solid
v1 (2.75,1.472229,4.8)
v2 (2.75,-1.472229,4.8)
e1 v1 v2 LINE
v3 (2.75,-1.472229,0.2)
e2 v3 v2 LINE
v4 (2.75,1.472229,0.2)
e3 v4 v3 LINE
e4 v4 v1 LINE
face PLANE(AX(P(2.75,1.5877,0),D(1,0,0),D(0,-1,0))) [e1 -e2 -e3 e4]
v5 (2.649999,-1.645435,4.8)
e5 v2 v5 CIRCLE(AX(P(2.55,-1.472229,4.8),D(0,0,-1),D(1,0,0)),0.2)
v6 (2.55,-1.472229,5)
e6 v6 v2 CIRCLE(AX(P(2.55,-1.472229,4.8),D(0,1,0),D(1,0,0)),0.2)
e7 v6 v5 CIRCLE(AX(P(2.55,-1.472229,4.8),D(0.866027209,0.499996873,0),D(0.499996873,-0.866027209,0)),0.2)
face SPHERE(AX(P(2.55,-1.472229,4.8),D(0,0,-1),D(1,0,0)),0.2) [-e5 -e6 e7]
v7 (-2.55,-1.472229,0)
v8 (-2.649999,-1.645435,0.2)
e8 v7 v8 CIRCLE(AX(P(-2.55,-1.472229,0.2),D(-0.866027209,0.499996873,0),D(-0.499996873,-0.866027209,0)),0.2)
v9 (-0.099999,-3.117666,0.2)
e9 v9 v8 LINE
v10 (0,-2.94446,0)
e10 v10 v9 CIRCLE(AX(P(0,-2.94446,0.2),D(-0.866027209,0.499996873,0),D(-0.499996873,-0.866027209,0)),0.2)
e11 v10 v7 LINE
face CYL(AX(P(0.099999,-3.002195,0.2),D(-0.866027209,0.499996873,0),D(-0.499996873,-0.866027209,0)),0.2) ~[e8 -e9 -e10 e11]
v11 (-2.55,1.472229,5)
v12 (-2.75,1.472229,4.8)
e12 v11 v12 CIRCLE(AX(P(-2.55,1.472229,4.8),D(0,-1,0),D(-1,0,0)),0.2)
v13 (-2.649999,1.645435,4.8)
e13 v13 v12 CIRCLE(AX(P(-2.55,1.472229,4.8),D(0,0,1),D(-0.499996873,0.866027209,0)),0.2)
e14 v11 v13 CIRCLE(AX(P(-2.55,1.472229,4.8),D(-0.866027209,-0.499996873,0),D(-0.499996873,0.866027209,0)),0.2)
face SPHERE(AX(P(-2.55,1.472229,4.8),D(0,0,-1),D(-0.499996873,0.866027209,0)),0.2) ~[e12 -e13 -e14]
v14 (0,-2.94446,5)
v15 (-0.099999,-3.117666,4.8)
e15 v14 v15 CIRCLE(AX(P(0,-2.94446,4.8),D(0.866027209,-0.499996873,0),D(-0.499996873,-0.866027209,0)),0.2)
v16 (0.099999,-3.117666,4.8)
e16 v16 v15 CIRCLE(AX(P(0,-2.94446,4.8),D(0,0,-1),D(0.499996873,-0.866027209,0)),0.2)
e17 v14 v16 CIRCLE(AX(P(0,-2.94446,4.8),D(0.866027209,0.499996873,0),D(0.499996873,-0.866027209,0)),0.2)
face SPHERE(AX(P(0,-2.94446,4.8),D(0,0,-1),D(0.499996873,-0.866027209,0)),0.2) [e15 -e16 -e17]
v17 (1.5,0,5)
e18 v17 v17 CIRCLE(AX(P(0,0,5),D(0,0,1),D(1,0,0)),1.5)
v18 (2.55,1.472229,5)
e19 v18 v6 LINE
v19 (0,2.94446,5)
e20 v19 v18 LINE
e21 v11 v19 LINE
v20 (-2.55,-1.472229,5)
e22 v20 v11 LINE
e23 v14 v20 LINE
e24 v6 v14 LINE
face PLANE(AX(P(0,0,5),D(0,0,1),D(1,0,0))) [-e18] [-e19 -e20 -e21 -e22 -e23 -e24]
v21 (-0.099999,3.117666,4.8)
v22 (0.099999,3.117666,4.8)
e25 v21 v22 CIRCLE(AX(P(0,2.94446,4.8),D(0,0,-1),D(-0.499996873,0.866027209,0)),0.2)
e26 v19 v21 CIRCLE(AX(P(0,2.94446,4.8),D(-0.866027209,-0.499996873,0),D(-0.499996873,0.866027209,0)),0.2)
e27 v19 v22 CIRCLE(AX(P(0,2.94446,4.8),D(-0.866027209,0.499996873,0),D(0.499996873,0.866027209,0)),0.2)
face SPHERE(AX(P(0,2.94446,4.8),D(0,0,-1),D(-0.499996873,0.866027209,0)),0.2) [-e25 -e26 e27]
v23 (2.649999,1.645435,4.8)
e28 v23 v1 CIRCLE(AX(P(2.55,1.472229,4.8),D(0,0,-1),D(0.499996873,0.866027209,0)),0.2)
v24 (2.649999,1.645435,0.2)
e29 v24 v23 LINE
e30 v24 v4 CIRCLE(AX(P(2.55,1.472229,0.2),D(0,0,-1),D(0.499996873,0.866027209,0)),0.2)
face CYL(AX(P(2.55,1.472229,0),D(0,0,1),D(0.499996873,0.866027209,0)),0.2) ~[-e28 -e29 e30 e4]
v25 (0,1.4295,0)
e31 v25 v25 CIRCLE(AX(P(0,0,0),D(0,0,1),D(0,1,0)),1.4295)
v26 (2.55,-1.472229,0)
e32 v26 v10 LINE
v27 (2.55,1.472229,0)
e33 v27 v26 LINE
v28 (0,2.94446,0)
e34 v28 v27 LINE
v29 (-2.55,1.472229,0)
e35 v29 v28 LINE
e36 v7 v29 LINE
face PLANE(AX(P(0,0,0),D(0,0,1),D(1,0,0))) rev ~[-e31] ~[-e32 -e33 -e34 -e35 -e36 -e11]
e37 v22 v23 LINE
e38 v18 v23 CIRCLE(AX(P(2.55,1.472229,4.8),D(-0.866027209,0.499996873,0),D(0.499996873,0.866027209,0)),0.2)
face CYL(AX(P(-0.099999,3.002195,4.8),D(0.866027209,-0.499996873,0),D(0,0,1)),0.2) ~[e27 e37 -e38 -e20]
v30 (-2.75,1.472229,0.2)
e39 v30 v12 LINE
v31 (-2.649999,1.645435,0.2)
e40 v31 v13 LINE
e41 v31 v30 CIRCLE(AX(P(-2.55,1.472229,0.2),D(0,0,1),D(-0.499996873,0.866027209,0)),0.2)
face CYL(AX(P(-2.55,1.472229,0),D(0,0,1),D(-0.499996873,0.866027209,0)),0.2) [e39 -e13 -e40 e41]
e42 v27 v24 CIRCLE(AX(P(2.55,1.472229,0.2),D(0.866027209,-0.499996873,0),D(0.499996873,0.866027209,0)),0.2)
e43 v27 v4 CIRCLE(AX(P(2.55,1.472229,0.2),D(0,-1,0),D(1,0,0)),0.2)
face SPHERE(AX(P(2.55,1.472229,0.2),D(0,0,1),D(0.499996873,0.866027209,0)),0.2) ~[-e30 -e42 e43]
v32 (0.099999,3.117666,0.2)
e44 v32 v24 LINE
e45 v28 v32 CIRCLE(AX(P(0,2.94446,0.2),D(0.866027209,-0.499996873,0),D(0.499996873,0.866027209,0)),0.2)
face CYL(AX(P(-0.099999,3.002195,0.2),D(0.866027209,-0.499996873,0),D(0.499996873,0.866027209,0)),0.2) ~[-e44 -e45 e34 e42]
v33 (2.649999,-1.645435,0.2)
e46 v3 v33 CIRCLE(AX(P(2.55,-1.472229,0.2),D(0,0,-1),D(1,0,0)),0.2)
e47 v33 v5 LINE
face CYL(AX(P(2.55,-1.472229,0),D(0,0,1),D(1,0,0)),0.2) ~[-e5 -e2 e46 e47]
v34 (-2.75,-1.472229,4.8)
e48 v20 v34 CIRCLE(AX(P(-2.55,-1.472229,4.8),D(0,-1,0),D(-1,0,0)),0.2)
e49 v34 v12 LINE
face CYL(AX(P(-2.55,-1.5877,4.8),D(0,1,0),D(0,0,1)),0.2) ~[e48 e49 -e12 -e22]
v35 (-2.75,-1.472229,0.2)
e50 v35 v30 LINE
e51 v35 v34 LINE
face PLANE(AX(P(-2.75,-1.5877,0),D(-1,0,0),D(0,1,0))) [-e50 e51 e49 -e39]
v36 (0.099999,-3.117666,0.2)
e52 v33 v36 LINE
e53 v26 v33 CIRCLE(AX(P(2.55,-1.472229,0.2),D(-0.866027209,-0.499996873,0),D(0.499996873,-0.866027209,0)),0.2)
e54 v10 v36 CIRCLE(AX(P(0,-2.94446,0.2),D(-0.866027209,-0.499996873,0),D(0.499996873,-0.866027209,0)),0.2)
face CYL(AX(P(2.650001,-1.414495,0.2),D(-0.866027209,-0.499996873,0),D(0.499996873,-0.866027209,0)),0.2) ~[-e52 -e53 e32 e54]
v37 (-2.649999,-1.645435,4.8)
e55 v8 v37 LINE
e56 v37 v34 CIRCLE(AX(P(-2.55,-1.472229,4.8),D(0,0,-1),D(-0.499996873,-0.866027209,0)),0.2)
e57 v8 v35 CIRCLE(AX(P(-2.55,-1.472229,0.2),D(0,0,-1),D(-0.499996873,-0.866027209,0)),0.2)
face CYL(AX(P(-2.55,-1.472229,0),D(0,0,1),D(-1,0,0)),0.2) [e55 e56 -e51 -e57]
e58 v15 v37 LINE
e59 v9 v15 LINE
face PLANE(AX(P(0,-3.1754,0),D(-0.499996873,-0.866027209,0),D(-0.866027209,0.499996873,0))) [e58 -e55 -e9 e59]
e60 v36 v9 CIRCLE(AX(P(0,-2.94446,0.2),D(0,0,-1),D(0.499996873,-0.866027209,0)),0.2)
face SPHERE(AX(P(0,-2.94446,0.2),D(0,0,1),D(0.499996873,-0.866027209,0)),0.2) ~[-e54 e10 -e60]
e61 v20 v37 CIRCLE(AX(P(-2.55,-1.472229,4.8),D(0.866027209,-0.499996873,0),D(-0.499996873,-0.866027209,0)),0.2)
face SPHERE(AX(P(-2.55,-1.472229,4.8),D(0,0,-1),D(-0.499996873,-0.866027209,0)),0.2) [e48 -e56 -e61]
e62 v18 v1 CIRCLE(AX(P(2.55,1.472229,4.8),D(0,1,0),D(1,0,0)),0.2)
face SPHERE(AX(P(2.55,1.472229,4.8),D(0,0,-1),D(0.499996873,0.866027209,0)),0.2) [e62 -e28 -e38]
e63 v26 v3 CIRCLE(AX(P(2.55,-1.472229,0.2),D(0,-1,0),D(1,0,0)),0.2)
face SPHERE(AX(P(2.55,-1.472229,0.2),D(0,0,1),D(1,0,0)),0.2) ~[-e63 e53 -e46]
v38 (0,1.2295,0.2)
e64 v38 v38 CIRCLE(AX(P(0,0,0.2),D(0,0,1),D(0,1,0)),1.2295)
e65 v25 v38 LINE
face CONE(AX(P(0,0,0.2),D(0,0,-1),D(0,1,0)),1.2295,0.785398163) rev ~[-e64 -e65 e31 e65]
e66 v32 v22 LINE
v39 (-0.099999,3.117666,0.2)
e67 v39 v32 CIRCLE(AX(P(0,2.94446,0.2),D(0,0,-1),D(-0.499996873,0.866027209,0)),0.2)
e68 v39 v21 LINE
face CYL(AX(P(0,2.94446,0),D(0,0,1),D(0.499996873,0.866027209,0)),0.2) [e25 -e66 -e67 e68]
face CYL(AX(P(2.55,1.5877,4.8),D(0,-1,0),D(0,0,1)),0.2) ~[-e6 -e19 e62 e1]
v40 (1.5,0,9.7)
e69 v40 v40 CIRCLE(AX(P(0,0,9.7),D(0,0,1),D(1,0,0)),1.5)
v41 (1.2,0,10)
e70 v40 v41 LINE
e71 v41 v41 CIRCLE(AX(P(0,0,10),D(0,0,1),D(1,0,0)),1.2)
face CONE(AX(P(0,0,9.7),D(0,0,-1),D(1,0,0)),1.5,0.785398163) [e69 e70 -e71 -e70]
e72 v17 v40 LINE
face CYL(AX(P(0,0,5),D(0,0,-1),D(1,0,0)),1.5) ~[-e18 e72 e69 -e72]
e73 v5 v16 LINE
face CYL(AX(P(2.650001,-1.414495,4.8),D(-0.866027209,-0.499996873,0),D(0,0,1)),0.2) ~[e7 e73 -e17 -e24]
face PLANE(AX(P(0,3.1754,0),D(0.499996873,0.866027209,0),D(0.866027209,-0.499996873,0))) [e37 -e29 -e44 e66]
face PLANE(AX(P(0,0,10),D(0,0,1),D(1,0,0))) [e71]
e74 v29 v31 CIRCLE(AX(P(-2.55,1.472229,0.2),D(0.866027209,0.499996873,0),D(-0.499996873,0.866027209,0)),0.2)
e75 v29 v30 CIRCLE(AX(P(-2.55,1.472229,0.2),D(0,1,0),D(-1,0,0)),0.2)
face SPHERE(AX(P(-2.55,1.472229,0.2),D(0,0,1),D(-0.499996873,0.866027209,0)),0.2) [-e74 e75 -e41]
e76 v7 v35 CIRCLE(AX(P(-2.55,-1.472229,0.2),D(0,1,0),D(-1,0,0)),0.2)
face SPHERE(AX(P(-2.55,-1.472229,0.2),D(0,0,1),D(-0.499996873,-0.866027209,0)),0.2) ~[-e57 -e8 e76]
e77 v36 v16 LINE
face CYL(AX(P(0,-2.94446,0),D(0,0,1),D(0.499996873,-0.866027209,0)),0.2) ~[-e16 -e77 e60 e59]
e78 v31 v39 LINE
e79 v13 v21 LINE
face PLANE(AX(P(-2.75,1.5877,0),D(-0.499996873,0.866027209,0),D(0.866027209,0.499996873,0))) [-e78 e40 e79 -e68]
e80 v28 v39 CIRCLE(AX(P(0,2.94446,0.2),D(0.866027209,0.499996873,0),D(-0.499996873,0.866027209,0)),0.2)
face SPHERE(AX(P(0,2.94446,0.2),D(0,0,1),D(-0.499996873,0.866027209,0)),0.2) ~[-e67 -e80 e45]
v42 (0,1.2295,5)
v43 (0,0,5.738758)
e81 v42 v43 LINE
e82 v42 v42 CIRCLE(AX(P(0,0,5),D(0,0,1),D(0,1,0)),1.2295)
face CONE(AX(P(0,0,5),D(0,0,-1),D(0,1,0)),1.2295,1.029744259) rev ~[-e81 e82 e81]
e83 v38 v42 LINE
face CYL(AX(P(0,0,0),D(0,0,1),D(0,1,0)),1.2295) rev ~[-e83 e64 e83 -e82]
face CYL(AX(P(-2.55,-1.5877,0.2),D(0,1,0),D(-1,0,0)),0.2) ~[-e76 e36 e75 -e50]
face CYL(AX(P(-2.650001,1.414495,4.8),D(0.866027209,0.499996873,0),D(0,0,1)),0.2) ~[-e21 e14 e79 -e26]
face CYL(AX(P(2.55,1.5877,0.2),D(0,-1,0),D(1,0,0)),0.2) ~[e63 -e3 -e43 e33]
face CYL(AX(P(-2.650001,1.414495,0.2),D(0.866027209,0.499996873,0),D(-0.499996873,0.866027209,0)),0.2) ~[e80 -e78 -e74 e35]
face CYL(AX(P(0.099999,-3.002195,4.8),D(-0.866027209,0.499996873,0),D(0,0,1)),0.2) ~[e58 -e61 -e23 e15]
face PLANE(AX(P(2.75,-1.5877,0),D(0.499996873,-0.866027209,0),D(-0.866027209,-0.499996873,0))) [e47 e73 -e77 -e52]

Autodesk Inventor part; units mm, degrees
ref_plane "YZ Plane" through (0, 0, 0) normal (1, 0, 0) x (0, 1, 0)
ref_plane "XZ Plane" through (0, 0, 0) normal (0, 1, 0) x (-1, 0, 0)
ref_plane "XY Plane" through (0, 0, 0) normal (0, 0, 1) x (1, 0, 0)
sketch "スケッチ1" plane through (0, 0, 0) normal (0, 0, 1) x (1, 0, 0)
  line L0 (0, 3.1754) -> (2.75, 1.5877)
  line L1 (2.75, 1.5877) -> (2.75, -1.5877)
  line L2 (2.75, -1.5877) -> (0, -3.1754)
  line L3 (0, -3.1754) -> (-2.75, -1.5877)
  line L4 (-2.75, -1.5877) -> (-2.75, 1.5877)
  line L5 (-2.75, 1.5877) -> (0, 3.1754)
  point P0 (0, 0)
  point P1 (0, 0)
  dimension "d0" = 5.5
extrude "押し出し1" add sketch "スケッチ1" along normal blind 5
sketch "スケッチ2" plane through (0, 0, 5) normal (0, 0, 1) x (1, 0, 0)
  circle A0 centre (0, 0) radius 1.5
  dimension "d3" = 3
extrude "押し出し2" add sketch "スケッチ2" along normal blind 5
thread "ねじ1" size "M3x0.5" class "6g" standard "ANSI Metric M Profile" length 12
chamfer "面取り1" distance 0.3 angle 45 1 edges at (-1.5, 0, 10)
fillet "フィレット1" radius 0.2 18 edges at (-1.375, 2.3816, 5) (1.375, 2.3816, 5) (2.75, 0, 5) (1.375, -2.3816, 5) (-1.375, -2.3816, 5) (-2.75, 0, 5) (-2.75, -1.5877, 2.5) (0, -3.1754, 2.5) (2.75, -1.5877, 2.5) (2.75, 1.5877, 2.5) (0, 3.1754, 2.5) (-2.75, 1.5877, 2.5) (-1.375, 2.3816, 0) (1.375, 2.3816, 0) (2.75, 0, 0) (1.375, -2.3816, 0) (-1.375, -2.3816, 0) (-2.75, 0, 0)
sketch "スケッチ3" plane through (0, 0, 0) normal (0, 0, -1) x (-1, 0, 0)
  point P0 (0, 0)
hole "穴1" at (0, 0, 0) direction (0, 0, 1) diameter 2.459 depth 5 tip angle 118 thread size "M3x0.5" class "6H" standard "ANSI Metric M Profile"
chamfer "面取り2" distance 0.2 angle 45 1 edges at (0, -1.2295, 0)
properties part number "hexagonal_spacer_M3_5mm" material "鋼、炭素鋼"
